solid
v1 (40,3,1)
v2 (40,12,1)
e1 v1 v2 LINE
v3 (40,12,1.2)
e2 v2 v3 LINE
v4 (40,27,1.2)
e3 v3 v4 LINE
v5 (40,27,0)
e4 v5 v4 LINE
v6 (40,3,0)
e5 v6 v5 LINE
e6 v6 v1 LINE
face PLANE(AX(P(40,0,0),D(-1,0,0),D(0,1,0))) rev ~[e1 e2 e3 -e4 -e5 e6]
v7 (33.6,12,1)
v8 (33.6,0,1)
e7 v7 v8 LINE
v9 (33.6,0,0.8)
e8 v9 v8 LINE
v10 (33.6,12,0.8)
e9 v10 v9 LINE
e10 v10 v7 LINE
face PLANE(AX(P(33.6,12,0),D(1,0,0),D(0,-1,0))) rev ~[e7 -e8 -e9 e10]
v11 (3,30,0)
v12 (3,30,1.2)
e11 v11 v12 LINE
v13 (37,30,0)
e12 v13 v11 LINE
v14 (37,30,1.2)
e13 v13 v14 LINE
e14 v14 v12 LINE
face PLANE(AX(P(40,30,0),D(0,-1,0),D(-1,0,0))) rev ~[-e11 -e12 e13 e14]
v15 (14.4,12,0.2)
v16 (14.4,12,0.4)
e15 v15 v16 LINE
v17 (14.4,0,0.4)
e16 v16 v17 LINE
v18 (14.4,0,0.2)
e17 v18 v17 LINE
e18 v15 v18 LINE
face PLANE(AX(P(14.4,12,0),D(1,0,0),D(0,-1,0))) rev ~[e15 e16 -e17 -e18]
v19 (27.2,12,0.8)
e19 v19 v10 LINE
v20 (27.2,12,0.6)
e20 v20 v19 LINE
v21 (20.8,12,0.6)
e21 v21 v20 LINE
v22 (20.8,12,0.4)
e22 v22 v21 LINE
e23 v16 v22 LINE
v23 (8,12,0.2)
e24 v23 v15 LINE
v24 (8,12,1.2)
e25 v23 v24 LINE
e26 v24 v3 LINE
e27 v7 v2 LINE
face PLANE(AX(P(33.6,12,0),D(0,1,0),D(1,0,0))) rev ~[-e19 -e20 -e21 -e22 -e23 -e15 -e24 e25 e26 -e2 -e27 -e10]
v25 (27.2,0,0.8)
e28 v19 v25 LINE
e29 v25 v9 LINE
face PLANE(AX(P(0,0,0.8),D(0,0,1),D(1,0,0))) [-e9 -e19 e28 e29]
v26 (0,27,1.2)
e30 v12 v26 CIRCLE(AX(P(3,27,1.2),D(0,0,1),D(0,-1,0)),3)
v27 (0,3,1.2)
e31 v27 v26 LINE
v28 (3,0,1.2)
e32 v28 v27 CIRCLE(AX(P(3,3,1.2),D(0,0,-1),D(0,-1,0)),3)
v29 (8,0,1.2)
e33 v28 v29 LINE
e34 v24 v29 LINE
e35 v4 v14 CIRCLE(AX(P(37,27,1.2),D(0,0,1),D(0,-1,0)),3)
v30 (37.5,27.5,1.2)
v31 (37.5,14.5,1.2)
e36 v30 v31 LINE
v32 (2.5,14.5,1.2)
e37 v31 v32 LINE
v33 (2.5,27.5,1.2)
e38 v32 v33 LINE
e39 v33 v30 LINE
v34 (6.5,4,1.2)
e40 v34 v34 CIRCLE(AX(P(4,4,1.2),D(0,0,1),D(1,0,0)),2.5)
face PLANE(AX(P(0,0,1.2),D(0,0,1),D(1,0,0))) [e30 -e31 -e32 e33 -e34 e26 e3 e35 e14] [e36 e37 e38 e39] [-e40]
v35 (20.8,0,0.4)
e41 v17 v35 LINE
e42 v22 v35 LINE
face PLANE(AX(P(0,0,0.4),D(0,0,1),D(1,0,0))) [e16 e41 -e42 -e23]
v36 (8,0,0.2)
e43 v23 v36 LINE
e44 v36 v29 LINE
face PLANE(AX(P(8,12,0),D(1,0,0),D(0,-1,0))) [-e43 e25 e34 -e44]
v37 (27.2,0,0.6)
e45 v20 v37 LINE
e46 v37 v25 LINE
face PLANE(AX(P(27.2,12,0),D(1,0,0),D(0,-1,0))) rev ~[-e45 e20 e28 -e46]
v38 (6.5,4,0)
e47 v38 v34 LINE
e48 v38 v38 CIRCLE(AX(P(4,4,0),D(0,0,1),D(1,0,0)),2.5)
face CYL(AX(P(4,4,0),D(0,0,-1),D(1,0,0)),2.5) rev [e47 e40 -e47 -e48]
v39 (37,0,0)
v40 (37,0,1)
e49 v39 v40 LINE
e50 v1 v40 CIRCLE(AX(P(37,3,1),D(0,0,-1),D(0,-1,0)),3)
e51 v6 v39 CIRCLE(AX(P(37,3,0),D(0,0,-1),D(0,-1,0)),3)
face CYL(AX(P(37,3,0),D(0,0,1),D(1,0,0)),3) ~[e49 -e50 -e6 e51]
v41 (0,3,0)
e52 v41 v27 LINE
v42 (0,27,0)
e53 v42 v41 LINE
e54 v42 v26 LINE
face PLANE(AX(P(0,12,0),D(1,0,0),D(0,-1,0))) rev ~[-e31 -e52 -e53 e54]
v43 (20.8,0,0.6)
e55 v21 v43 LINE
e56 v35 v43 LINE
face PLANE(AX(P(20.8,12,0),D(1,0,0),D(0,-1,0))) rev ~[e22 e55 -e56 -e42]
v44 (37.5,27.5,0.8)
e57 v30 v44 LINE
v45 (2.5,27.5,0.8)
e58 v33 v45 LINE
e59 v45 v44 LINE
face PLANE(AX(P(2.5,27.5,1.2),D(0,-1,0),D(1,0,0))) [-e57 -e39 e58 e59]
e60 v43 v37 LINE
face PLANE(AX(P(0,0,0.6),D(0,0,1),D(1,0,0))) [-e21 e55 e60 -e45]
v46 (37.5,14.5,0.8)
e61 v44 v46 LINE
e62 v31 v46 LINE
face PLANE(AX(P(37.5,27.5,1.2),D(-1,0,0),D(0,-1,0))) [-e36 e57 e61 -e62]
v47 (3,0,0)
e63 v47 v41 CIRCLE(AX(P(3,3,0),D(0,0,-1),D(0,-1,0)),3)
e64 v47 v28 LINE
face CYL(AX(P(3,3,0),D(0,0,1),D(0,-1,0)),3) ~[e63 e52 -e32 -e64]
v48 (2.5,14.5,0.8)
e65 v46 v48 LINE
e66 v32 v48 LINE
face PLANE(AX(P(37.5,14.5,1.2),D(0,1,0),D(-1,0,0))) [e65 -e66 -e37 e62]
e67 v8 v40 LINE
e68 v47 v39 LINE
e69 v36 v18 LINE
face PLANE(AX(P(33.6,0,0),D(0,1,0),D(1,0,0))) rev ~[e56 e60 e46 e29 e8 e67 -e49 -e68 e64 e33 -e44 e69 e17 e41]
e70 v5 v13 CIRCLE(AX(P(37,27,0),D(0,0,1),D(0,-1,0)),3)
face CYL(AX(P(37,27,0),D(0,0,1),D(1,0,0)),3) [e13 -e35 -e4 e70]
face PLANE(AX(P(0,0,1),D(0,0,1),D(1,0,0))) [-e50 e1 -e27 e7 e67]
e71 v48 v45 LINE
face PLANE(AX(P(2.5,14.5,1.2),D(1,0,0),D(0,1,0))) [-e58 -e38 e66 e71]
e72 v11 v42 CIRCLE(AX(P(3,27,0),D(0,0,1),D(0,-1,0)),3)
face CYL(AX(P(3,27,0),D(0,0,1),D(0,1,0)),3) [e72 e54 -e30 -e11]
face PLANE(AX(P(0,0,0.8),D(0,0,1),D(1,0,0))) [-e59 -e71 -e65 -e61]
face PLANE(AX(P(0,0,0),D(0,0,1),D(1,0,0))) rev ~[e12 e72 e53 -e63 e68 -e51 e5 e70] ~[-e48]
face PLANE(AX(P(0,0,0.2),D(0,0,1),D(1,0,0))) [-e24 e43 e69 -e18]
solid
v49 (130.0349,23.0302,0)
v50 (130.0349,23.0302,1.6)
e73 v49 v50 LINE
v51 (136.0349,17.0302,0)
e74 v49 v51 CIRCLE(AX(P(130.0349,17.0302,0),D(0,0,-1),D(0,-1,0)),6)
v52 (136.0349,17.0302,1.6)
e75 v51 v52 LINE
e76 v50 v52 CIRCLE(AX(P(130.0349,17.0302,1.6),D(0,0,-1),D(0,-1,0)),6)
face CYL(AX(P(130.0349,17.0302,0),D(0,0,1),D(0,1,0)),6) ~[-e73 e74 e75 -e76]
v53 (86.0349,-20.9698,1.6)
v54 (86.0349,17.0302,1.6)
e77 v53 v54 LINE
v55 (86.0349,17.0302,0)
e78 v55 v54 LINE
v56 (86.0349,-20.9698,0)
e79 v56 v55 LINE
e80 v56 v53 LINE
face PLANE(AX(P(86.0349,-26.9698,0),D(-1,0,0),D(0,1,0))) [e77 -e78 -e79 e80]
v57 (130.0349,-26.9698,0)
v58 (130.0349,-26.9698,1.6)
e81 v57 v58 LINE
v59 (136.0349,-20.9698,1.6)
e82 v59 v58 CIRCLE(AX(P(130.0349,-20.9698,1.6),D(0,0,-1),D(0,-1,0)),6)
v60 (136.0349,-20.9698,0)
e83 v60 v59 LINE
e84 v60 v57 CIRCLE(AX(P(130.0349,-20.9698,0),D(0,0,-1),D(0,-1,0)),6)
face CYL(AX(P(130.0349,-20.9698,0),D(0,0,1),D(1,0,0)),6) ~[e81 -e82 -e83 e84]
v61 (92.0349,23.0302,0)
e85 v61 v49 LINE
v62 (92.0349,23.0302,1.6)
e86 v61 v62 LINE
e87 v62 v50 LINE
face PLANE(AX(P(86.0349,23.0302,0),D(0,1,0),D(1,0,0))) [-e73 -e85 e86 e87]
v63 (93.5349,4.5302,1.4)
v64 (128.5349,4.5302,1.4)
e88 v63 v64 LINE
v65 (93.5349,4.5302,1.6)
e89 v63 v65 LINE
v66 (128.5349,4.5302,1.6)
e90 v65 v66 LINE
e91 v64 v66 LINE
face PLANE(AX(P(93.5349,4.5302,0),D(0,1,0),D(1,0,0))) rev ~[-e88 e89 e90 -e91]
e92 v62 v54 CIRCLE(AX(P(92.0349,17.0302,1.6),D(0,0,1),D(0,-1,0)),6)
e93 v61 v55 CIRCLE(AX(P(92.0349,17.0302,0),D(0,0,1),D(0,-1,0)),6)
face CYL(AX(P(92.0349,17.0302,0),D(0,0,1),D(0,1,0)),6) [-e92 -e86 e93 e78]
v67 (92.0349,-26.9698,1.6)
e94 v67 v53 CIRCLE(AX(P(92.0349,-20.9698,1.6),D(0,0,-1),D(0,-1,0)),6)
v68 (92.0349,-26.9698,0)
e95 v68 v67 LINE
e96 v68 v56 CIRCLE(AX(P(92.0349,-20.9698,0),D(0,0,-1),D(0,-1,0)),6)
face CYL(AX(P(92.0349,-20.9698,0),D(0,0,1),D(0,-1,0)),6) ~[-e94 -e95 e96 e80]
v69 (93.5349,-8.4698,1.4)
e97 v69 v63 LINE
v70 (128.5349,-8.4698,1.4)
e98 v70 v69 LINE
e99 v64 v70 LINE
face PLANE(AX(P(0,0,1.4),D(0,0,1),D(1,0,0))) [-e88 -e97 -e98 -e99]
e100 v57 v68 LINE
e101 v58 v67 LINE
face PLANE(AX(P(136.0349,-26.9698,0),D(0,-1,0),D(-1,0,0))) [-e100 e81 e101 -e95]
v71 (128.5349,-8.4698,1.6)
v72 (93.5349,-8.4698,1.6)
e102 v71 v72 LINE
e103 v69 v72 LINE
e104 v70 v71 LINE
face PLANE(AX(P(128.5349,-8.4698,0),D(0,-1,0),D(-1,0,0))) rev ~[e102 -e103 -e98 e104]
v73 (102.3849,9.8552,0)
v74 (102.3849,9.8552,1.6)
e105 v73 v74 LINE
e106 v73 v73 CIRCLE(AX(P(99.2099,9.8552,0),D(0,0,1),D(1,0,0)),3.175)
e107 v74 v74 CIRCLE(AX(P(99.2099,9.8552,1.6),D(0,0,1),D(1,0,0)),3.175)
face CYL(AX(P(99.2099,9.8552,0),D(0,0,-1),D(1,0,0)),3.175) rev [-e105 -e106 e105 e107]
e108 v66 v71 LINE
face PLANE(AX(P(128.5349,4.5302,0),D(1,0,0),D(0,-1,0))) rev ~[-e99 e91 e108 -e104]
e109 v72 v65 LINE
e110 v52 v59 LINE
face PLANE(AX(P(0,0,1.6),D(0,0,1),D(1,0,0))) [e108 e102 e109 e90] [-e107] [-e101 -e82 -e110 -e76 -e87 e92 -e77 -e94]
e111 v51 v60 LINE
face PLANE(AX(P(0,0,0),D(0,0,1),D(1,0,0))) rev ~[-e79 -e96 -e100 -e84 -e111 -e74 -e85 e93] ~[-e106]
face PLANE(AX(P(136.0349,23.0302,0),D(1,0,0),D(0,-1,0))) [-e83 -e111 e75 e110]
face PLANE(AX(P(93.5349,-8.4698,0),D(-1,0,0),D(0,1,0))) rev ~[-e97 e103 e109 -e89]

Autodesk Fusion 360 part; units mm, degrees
sketch "Sketch1" plane through (0, 0, 0) normal (0, 0, 1) x (1, 0, 0)
  line L0 (0, 0) -> (40, 0)
  line L1 (40, 0) -> (40, 30)
  line L2 (40, 30) -> (0, 30)
  line L3 (0, 30) -> (0, 0)
  line L4 (0, 12) -> (40, 12)
  line L5 (8, 12) -> (8, 0)
  line L6 (14.4, 12) -> (14.4, 0)
  line L7 (20.8, 12) -> (20.8, 0)
  line L8 (27.2, 12) -> (27.2, 0)
  line L9 (33.6, 12) -> (33.6, 0)
  circle A0 centre (4, 4) radius 2.5
  line L10 (2.5, 27.5) -> (37.5, 27.5)
  line L11 (37.5, 27.5) -> (37.5, 14.5)
  line L12 (37.5, 14.5) -> (2.5, 14.5)
  line L13 (2.5, 14.5) -> (2.5, 27.5)
  line L14 (8, 4) -> (0, 4) construction
  dimension "d3" = 6.4
  dimension "d4" = 6.4
  dimension "d5" = 6.4
  dimension "d6" = 6.4
  dimension "d9" = 40
  dimension "d24" = 5
  dimension "d29" = 13
  dimension "d32" = 30
  dimension "d33" = 2.5
  dimension "d34" = 2.5
  dimension "d35" = 2.5
  dimension "d39" = 2.5
  dimension "d42" = 12
  dimension "d43" = 35
  dimension "d44" = 4
  dimension "d45" = 8
extrude "Extrude1" add sketch "Sketch1" along normal blind 1.2 contours L0 L3 L4 L5 | L1 L2 L3 L4 | A0 | L10 L11 L12 L13 makes body 1
extrude "Extrude2" add sketch "Sketch1" along normal blind 0.2 contours L0 L4 L5 L6 bodies 1
extrude "Extrude3" add sketch "Sketch1" along normal blind 0.4 contours L0 L4 L6 L7 bodies 1
extrude "Extrude4" add sketch "Sketch1" along normal blind 0.6 contours L0 L4 L7 L8 bodies 1
extrude "Extrude5" add sketch "Sketch1" along normal blind 0.8 contours L0 L4 L8 L9 bodies 1
extrude "Extrude6" add sketch "Sketch1" along normal blind 1 contours L0 L1 L4 L9 bodies 1
extrude "Extrude7" cut sketch "Sketch1" along normal up to surface (1.2 mm away) contours A0 bodies 1
extrude "Extrude8" cut sketch "Sketch1" against normal blind 0.4 from surface at 1.2 contours L10 L11 L12 L13 bodies 1
fillet "Fillet1" radius 3 4 edges at (0, 0, 0.6) (0, 30, 0.6) (40, 30, 0.6) (40, 0, 0.5) on bodies 1
sketch "Sketch1 (2)" plane through (0, 0, 0) normal (0, 0, 1) x (1, 0, 0) in component "Flexible swatch "
  line L0 (93.5349, 4.5302) -> (128.5349, 4.5302)
  line L1 (128.5349, 4.5302) -> (128.5349, -8.4698)
  line L2 (128.5349, -8.4698) -> (93.5349, -8.4698)
  line L3 (93.5349, -8.4698) -> (93.5349, 4.5302)
  line L4 (111.0349, 4.5302) -> (111.0349, -8.4698) construction
  line L5 (86.0349, 23.0302) -> (136.0349, 23.0302)
  line L6 (136.0349, 23.0302) -> (136.0349, -26.9698)
  line L7 (136.0349, -26.9698) -> (86.0349, -26.9698)
  line L8 (86.0349, -26.9698) -> (86.0349, 23.0302)
  line L9 (86.0349, 23.0302) -> (136.0349, -26.9698) construction
  line L10 (136.0349, 23.0302) -> (86.0349, -26.9698) construction
  circle A0 centre (99.2099, 9.8552) radius 3.175
  line L11 (96.0349, 9.8552) -> (96.0349, 15.7856) construction
  point P0 (111.0349, -1.9698)
  dimension "d46" = 13
  dimension "d47" = 35
  dimension "d48" = 50
  dimension "d49" = 50
  dimension "d56" = 6.35
  dimension "d59" = 13.175
  dimension "d60" = 13.175
extrude "Extrude1'" add sketch "Sketch1 (2)" along normal blind 1.6 separate body makes body 2 in component "Flexible swatch "
fillet "Fillet1'" radius 6 4 edges at (86.0349, -26.9698, 0.8) (86.0349, 23.0302, 0.8) (136.0349, -26.9698, 0.8) (136.0349, 23.0302, 0.8) on bodies 2 in component "Flexible swatch "
extrude "Extrude2'" add sketch "Sketch1 (2)" along normal blind 1.4 contours L0 L1 L2 L3 bodies 2 in component "Flexible swatch "
component "Flexible swatch " placed x (1, 0, 0) y (0, 1, 0) z (0, 0, 1) at (0, 0, 0)
equation "d3 = ( d9 - d45 ) / 5"
equation "d4 = d3"
equation "d5 = d3"
equation "d6 = d3"
equation "d49 = d48"
equation "d59 = 10 mm + ( 0.5 * d56 )"
equation "d60 = d59"
